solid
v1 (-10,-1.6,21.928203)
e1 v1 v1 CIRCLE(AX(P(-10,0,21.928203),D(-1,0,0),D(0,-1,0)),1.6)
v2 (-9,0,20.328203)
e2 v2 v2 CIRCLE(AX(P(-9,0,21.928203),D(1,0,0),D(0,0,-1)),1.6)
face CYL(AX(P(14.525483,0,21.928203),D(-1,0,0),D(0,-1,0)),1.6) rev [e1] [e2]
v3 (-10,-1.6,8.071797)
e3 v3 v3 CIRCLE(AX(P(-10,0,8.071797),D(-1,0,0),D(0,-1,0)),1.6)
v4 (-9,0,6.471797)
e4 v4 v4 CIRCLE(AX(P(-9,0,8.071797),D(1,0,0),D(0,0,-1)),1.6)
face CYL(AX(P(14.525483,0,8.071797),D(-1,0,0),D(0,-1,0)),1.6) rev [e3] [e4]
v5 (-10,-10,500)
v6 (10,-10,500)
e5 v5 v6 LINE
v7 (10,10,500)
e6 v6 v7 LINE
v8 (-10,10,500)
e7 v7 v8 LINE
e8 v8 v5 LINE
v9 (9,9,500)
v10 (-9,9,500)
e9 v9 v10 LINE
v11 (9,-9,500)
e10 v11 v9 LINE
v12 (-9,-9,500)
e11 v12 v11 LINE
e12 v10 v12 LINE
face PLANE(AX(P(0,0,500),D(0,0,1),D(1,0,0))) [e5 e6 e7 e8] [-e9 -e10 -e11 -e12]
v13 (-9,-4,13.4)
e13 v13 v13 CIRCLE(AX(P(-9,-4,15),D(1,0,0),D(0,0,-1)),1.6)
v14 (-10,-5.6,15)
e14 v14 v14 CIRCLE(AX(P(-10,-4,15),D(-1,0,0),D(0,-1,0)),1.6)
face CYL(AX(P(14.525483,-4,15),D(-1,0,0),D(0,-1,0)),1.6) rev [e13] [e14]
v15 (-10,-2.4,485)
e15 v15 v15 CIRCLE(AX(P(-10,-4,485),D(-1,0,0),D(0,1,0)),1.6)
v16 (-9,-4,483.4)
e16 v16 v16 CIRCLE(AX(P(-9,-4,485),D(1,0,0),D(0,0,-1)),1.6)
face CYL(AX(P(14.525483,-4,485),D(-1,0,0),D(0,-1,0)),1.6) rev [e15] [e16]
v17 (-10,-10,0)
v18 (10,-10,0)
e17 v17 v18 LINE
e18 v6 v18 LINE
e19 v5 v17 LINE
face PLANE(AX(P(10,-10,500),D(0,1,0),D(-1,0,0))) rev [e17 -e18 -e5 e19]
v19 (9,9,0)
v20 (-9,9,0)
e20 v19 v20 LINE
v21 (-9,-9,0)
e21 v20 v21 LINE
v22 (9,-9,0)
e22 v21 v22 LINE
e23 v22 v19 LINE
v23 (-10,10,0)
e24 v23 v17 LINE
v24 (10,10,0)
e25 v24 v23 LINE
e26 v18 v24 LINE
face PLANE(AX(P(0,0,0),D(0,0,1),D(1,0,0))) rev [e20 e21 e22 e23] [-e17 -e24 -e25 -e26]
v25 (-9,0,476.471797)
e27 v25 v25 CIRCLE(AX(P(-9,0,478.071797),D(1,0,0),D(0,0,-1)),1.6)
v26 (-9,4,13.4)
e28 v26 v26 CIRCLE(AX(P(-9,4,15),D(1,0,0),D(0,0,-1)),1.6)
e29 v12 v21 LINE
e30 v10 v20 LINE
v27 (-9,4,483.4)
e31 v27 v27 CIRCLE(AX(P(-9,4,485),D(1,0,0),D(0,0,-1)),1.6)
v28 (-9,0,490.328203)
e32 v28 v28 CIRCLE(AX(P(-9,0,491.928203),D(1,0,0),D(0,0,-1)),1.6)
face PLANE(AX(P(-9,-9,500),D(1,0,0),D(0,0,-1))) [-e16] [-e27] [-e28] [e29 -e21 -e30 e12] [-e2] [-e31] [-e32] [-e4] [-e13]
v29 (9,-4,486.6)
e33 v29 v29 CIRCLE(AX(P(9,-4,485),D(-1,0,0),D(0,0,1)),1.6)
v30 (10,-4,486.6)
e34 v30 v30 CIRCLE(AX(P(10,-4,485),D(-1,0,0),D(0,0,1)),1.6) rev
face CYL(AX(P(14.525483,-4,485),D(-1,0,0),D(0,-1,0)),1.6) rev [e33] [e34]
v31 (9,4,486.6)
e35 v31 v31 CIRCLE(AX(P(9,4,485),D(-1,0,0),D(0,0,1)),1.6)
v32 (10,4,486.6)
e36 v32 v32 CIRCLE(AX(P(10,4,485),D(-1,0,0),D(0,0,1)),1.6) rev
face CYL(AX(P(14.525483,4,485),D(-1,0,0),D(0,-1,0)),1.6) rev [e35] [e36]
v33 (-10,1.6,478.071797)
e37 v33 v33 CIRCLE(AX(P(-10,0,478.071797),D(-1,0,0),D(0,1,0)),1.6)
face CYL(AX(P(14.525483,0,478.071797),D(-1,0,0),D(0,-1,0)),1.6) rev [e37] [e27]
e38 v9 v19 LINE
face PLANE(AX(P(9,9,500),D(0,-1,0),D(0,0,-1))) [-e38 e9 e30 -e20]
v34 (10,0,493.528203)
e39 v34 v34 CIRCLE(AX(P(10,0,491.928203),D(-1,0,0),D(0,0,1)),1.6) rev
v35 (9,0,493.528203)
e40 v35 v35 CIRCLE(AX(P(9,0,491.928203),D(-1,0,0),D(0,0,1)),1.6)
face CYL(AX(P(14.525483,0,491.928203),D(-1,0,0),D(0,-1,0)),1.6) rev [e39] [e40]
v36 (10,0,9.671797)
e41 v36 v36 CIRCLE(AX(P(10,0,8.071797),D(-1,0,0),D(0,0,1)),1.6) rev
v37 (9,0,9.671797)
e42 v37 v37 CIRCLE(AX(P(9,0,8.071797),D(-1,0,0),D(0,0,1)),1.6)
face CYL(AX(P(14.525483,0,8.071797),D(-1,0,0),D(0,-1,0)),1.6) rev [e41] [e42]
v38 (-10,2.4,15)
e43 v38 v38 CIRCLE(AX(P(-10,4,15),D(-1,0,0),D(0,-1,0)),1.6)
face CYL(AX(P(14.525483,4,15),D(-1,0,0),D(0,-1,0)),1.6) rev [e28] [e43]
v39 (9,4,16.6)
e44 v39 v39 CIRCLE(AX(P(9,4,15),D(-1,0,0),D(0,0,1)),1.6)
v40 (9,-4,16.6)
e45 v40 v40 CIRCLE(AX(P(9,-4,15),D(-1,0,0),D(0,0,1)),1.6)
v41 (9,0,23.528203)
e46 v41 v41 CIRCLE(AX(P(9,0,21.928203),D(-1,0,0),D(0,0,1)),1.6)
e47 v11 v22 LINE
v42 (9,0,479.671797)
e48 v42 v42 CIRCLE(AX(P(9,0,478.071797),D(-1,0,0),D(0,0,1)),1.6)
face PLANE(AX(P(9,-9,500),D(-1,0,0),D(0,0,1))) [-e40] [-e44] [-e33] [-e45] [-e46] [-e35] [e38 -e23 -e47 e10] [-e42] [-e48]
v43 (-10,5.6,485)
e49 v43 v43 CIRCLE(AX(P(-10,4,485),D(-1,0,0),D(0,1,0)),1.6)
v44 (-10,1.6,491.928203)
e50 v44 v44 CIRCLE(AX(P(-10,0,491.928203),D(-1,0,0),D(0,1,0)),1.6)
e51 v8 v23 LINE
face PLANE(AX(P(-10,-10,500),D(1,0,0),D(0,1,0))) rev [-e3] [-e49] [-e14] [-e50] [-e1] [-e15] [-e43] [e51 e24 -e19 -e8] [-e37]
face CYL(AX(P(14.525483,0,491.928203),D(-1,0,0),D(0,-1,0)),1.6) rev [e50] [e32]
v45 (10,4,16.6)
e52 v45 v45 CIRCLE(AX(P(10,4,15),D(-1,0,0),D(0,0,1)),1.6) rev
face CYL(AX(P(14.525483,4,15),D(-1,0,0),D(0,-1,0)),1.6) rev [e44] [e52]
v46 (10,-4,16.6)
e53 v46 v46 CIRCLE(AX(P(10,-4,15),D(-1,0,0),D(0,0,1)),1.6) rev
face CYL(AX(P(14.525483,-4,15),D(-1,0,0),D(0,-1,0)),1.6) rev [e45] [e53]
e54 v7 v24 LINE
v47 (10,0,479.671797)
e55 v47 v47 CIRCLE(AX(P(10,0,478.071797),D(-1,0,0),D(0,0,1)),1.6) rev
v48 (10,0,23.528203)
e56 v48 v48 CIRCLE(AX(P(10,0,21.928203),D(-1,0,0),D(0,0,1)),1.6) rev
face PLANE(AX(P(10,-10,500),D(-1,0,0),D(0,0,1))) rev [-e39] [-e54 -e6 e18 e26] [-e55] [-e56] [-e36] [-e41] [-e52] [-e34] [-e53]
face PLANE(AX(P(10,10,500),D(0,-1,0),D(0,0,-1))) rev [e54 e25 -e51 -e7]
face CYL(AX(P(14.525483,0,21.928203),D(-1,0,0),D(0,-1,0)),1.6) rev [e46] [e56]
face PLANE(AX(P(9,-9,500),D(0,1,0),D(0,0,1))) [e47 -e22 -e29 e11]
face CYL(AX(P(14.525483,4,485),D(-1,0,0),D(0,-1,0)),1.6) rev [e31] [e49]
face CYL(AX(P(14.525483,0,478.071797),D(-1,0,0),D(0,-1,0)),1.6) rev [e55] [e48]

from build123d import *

# Parameters (mm, degrees)
SKETCH_1_W          = 20
SKETCH_1_H          = 20
SKETCH_1_W_2        = 18
SKETCH_1_H_2        = 18
EXTRUDE_1_DEPTH     = 500
CUT_EXTRUDE_1_REACH = 502.5
SKETCH_2_R          = 1.6


with BuildPart() as part:
    # 草图1 → 凸台-拉伸1 (new body)
    with BuildSketch(Plane.XY):
        Rectangle(SKETCH_1_W, SKETCH_1_H)
        Rectangle(SKETCH_1_W_2, SKETCH_1_H_2, mode=Mode.SUBTRACT)
    extrude(amount=EXTRUDE_1_DEPTH)

    # 切除-拉伸1: up to this face of the body (flat: up to its plane)
    cut_extrude_1_end = Plane(part.part.faces().sort_by_distance((10, 0, 250))[0])
    # 草图2 → 切除-拉伸1 (cut, up to the picked face)
    with BuildSketch(Plane.ZY.offset(10), mode=Mode.PRIVATE) as cut_extrude_1_sk1:
        with Locations((15, -4)):
            Circle(SKETCH_2_R)
    cut_extrude_1_tool1 = split(extrude(cut_extrude_1_sk1.sketch, amount=-CUT_EXTRUDE_1_REACH, mode=Mode.PRIVATE), bisect_by=cut_extrude_1_end, keep=Keep.BOTH, mode=Mode.PRIVATE)
    # 草图2 → 切除-拉伸1 (cut, up to the picked face)
    with BuildSketch(Plane.ZY.offset(10), mode=Mode.PRIVATE) as cut_extrude_1_sk2:
        with Locations((15, 4)):
            Circle(SKETCH_2_R)
    cut_extrude_1_tool2 = split(extrude(cut_extrude_1_sk2.sketch, amount=-CUT_EXTRUDE_1_REACH, mode=Mode.PRIVATE), bisect_by=cut_extrude_1_end, keep=Keep.BOTH, mode=Mode.PRIVATE)
    # 草图2 → 切除-拉伸1 (cut, up to the picked face)
    with BuildSketch(Plane.ZY.offset(10), mode=Mode.PRIVATE) as cut_extrude_1_sk3:
        with Locations((8.07179677, 0)):
            Circle(SKETCH_2_R)
    cut_extrude_1_tool3 = split(extrude(cut_extrude_1_sk3.sketch, amount=-CUT_EXTRUDE_1_REACH, mode=Mode.PRIVATE), bisect_by=cut_extrude_1_end, keep=Keep.BOTH, mode=Mode.PRIVATE)
    # 草图2 → 切除-拉伸1 (cut, up to the picked face)
    with BuildSketch(Plane.ZY.offset(10), mode=Mode.PRIVATE) as cut_extrude_1_sk4:
        with Locations((21.92820323, 0)):
            Circle(SKETCH_2_R)
    cut_extrude_1_tool4 = split(extrude(cut_extrude_1_sk4.sketch, amount=-CUT_EXTRUDE_1_REACH, mode=Mode.PRIVATE), bisect_by=cut_extrude_1_end, keep=Keep.BOTH, mode=Mode.PRIVATE)
    # 草图2 → 切除-拉伸1 (cut, up to the picked face)
    with BuildSketch(Plane.ZY.offset(10), mode=Mode.PRIVATE) as cut_extrude_1_sk5:
        with Locations((478.07179677, 0)):
            Circle(SKETCH_2_R)
    cut_extrude_1_tool5 = split(extrude(cut_extrude_1_sk5.sketch, amount=-CUT_EXTRUDE_1_REACH, mode=Mode.PRIVATE), bisect_by=cut_extrude_1_end, keep=Keep.BOTH, mode=Mode.PRIVATE)
    # 草图2 → 切除-拉伸1 (cut, up to the picked face)
    with BuildSketch(Plane.ZY.offset(10), mode=Mode.PRIVATE) as cut_extrude_1_sk6:
        with Locations((485, 4)):
            Circle(SKETCH_2_R)
    cut_extrude_1_tool6 = split(extrude(cut_extrude_1_sk6.sketch, amount=-CUT_EXTRUDE_1_REACH, mode=Mode.PRIVATE), bisect_by=cut_extrude_1_end, keep=Keep.BOTH, mode=Mode.PRIVATE)
    # 草图2 → 切除-拉伸1 (cut, up to the picked face)
    with BuildSketch(Plane.ZY.offset(10), mode=Mode.PRIVATE) as cut_extrude_1_sk7:
        with Locations((485, -4)):
            Circle(SKETCH_2_R)
    cut_extrude_1_tool7 = split(extrude(cut_extrude_1_sk7.sketch, amount=-CUT_EXTRUDE_1_REACH, mode=Mode.PRIVATE), bisect_by=cut_extrude_1_end, keep=Keep.BOTH, mode=Mode.PRIVATE)
    # 草图2 → 切除-拉伸1 (cut, up to the picked face)
    with BuildSketch(Plane.ZY.offset(10), mode=Mode.PRIVATE) as cut_extrude_1_sk8:
        with Locations((491.92820323, 0)):
            Circle(SKETCH_2_R)
    cut_extrude_1_tool8 = split(extrude(cut_extrude_1_sk8.sketch, amount=-CUT_EXTRUDE_1_REACH, mode=Mode.PRIVATE), bisect_by=cut_extrude_1_end, keep=Keep.BOTH, mode=Mode.PRIVATE)
    add(cut_extrude_1_tool1.solids().sort_by(Axis((-10, -4, 15), (1, 0, 0)))[0], mode=Mode.SUBTRACT)
    add(cut_extrude_1_tool2.solids().sort_by(Axis((-10, 4, 15), (1, 0, 0)))[0], mode=Mode.SUBTRACT)
    add(cut_extrude_1_tool3.solids().sort_by(Axis((-10, 0, 8.071797), (1, 0, 0)))[0], mode=Mode.SUBTRACT)
    add(cut_extrude_1_tool4.solids().sort_by(Axis((-10, 0, 21.928203), (1, 0, 0)))[0], mode=Mode.SUBTRACT)
    add(cut_extrude_1_tool5.solids().sort_by(Axis((-10, 0, 478.071797), (1, 0, 0)))[0], mode=Mode.SUBTRACT)
    add(cut_extrude_1_tool6.solids().sort_by(Axis((-10, 4, 485), (1, 0, 0)))[0], mode=Mode.SUBTRACT)
    add(cut_extrude_1_tool7.solids().sort_by(Axis((-10, -4, 485), (1, 0, 0)))[0], mode=Mode.SUBTRACT)
    add(cut_extrude_1_tool8.solids().sort_by(Axis((-10, 0, 491.928203), (1, 0, 0)))[0], mode=Mode.SUBTRACT)


solid = part.part
